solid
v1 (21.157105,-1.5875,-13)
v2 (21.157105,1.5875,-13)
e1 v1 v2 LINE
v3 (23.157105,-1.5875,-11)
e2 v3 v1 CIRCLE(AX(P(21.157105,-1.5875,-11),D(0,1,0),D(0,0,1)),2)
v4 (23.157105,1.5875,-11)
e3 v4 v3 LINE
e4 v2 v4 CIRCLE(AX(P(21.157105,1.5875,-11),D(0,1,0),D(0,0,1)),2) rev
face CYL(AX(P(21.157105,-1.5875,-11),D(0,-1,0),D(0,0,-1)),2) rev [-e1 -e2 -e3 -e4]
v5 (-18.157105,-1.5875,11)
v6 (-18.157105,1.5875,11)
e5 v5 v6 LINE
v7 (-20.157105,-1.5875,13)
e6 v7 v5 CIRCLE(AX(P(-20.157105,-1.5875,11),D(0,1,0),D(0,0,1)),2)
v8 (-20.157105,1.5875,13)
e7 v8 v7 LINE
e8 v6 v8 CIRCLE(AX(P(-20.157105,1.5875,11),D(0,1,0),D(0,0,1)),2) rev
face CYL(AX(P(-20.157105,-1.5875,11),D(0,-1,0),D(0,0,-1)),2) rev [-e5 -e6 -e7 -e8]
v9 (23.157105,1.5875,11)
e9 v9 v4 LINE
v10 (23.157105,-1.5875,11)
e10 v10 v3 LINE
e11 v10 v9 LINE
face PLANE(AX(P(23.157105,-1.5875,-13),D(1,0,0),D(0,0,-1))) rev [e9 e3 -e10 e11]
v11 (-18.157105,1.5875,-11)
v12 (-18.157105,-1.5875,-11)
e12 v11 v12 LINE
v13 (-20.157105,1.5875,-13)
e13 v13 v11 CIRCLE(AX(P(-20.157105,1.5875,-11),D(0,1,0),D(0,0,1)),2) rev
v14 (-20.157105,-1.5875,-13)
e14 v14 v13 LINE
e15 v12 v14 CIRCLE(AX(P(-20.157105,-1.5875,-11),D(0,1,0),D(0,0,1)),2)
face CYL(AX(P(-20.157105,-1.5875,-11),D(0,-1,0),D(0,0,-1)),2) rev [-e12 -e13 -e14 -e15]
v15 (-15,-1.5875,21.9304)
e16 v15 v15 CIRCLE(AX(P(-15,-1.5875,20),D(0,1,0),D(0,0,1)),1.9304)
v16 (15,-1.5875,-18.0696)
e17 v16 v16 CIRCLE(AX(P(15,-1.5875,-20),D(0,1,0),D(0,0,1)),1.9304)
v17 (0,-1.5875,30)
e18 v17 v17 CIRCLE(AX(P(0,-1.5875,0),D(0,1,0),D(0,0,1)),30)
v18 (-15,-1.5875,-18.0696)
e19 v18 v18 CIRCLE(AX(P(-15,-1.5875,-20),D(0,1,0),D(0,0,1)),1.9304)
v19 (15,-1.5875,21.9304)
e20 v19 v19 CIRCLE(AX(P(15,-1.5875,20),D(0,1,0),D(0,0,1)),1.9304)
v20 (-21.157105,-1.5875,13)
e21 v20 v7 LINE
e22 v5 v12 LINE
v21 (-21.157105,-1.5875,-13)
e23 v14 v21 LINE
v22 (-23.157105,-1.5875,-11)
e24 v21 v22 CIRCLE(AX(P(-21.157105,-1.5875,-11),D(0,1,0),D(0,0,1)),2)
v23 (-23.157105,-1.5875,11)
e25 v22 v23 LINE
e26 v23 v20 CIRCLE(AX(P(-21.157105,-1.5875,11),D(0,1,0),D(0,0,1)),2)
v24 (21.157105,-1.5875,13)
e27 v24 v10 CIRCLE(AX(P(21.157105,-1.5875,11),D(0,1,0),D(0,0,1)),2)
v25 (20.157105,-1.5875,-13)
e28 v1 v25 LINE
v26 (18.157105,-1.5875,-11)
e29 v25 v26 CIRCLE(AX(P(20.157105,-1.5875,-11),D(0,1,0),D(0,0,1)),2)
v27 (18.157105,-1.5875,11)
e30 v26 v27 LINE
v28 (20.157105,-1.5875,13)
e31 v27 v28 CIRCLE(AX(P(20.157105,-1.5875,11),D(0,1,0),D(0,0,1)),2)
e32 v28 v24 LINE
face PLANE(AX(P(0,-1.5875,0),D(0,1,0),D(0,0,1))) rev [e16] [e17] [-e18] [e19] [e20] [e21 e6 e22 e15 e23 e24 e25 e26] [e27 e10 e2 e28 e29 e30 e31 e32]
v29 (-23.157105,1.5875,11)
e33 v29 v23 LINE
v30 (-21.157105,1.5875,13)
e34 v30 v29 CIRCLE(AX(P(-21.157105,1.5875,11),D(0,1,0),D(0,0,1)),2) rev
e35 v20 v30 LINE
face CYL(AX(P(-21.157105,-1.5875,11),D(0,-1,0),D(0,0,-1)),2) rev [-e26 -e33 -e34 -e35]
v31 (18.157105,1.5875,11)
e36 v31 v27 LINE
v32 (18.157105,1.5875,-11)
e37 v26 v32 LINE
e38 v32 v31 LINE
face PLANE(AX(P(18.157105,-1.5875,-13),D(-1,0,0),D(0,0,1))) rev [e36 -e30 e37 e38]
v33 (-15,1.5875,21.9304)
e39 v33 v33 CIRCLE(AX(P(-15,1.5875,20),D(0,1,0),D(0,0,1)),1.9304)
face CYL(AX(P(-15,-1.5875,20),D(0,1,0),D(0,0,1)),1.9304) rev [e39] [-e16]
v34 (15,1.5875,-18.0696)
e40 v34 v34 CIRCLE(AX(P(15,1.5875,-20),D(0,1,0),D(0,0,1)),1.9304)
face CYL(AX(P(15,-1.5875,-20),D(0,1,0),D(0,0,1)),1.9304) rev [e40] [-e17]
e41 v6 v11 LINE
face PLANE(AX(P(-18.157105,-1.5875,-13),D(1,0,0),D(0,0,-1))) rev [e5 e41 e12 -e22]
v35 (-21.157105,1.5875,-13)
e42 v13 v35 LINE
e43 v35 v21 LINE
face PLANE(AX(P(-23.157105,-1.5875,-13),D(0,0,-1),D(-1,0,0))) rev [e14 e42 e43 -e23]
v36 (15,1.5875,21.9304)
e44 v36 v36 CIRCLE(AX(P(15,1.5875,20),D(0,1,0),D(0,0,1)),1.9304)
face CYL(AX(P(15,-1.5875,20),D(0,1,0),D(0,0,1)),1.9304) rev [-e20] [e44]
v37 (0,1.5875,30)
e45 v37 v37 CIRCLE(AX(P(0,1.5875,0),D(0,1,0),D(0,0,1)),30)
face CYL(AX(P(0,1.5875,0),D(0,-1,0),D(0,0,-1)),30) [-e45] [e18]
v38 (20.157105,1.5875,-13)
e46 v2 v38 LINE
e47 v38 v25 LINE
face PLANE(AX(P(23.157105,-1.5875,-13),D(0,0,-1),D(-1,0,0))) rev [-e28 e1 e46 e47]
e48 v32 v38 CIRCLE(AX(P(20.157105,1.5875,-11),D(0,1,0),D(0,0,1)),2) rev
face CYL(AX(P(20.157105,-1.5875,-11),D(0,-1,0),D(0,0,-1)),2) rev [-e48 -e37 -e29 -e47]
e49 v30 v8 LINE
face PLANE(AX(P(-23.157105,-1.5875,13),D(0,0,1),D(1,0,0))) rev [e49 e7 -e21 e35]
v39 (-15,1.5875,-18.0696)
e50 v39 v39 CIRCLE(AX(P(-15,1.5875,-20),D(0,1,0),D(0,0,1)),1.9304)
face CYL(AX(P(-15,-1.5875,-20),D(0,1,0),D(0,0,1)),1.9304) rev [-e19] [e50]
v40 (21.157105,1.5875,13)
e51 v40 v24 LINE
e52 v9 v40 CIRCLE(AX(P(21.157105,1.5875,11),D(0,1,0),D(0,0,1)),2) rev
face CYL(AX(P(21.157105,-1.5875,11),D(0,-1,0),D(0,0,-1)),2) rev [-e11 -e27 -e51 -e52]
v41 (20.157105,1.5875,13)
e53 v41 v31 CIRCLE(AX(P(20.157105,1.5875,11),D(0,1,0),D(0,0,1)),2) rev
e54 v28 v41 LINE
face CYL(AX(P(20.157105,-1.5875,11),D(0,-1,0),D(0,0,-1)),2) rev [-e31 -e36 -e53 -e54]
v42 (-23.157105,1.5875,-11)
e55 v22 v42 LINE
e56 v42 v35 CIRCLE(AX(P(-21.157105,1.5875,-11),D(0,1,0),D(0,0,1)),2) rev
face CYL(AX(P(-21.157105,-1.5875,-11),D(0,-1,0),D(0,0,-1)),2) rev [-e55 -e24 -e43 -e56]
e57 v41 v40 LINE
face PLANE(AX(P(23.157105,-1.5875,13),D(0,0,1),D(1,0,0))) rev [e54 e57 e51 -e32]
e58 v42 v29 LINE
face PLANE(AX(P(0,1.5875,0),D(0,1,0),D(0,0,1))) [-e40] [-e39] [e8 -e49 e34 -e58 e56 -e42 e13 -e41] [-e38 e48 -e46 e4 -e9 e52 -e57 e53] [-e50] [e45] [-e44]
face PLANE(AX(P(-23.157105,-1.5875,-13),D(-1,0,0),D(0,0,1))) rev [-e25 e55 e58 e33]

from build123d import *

# Parameters (mm, degrees)
SKETCH2_R          = 30
ACRYLICBASE_DEPTH  = 1.5875
SKETCH3_W          = 5
SKETCH3_H          = 26
WHEELS_DEPTH       = 43.545042308
RELIEFS_R          = 2
SKETCH4_R          = 1.9304
CUT_EXTRUDE1_DEPTH = 43.545042308


with BuildPart() as part:
    # Sketch2 → AcrylicBase (new, symmetric)
    with BuildSketch(Plane(origin=(0, 0, 0), x_dir=(1, 0, 0), z_dir=(0, 1, 0))):
        Circle(SKETCH2_R)
    extrude(amount=ACRYLICBASE_DEPTH, both=True)

    # Sketch3 → wheels (cut, through all)
    with BuildSketch(Plane(origin=(0, 1.5875, 0), x_dir=(1, 0, 0), z_dir=(0, 1, 0))):
        with Locations((-20.657104633, 0)):
            Rectangle(SKETCH3_W, SKETCH3_H)
        with Locations((20.657104633, 0)):
            Rectangle(SKETCH3_W, SKETCH3_H)
    extrude(amount=-WHEELS_DEPTH, mode=Mode.SUBTRACT)

    # reliefs
    reliefs_edges = [part.edges().sort_by_distance(p)[0] for p in [
        (18.157104633, 0, -13),
        (23.157104633, 0, -13),
        (23.157104633, 0, 13),
        (18.157104633, 0, 13),
        (-23.157104633, 0, 13),
        (-18.157104633, 0, 13),
        (-18.157104633, 0, -13),
        (-23.157104633, 0, -13),
    ]]
    fillet(reliefs_edges, radius=RELIEFS_R)

    # Sketch4 → Cut-Extrude1 (cut, through all)
    with BuildSketch(Plane(origin=(0, 1.5875, 0), x_dir=(1, 0, 0), z_dir=(0, 1, 0))):
        with Locations((-15, 20)):
            Circle(SKETCH4_R)
        with Locations((-15, -20)):
            Circle(SKETCH4_R)
        with Locations((15, -20)):
            Circle(SKETCH4_R)
        with Locations((15, 20)):
            Circle(SKETCH4_R)
    extrude(amount=-CUT_EXTRUDE1_DEPTH, mode=Mode.SUBTRACT)


solid = part.part
